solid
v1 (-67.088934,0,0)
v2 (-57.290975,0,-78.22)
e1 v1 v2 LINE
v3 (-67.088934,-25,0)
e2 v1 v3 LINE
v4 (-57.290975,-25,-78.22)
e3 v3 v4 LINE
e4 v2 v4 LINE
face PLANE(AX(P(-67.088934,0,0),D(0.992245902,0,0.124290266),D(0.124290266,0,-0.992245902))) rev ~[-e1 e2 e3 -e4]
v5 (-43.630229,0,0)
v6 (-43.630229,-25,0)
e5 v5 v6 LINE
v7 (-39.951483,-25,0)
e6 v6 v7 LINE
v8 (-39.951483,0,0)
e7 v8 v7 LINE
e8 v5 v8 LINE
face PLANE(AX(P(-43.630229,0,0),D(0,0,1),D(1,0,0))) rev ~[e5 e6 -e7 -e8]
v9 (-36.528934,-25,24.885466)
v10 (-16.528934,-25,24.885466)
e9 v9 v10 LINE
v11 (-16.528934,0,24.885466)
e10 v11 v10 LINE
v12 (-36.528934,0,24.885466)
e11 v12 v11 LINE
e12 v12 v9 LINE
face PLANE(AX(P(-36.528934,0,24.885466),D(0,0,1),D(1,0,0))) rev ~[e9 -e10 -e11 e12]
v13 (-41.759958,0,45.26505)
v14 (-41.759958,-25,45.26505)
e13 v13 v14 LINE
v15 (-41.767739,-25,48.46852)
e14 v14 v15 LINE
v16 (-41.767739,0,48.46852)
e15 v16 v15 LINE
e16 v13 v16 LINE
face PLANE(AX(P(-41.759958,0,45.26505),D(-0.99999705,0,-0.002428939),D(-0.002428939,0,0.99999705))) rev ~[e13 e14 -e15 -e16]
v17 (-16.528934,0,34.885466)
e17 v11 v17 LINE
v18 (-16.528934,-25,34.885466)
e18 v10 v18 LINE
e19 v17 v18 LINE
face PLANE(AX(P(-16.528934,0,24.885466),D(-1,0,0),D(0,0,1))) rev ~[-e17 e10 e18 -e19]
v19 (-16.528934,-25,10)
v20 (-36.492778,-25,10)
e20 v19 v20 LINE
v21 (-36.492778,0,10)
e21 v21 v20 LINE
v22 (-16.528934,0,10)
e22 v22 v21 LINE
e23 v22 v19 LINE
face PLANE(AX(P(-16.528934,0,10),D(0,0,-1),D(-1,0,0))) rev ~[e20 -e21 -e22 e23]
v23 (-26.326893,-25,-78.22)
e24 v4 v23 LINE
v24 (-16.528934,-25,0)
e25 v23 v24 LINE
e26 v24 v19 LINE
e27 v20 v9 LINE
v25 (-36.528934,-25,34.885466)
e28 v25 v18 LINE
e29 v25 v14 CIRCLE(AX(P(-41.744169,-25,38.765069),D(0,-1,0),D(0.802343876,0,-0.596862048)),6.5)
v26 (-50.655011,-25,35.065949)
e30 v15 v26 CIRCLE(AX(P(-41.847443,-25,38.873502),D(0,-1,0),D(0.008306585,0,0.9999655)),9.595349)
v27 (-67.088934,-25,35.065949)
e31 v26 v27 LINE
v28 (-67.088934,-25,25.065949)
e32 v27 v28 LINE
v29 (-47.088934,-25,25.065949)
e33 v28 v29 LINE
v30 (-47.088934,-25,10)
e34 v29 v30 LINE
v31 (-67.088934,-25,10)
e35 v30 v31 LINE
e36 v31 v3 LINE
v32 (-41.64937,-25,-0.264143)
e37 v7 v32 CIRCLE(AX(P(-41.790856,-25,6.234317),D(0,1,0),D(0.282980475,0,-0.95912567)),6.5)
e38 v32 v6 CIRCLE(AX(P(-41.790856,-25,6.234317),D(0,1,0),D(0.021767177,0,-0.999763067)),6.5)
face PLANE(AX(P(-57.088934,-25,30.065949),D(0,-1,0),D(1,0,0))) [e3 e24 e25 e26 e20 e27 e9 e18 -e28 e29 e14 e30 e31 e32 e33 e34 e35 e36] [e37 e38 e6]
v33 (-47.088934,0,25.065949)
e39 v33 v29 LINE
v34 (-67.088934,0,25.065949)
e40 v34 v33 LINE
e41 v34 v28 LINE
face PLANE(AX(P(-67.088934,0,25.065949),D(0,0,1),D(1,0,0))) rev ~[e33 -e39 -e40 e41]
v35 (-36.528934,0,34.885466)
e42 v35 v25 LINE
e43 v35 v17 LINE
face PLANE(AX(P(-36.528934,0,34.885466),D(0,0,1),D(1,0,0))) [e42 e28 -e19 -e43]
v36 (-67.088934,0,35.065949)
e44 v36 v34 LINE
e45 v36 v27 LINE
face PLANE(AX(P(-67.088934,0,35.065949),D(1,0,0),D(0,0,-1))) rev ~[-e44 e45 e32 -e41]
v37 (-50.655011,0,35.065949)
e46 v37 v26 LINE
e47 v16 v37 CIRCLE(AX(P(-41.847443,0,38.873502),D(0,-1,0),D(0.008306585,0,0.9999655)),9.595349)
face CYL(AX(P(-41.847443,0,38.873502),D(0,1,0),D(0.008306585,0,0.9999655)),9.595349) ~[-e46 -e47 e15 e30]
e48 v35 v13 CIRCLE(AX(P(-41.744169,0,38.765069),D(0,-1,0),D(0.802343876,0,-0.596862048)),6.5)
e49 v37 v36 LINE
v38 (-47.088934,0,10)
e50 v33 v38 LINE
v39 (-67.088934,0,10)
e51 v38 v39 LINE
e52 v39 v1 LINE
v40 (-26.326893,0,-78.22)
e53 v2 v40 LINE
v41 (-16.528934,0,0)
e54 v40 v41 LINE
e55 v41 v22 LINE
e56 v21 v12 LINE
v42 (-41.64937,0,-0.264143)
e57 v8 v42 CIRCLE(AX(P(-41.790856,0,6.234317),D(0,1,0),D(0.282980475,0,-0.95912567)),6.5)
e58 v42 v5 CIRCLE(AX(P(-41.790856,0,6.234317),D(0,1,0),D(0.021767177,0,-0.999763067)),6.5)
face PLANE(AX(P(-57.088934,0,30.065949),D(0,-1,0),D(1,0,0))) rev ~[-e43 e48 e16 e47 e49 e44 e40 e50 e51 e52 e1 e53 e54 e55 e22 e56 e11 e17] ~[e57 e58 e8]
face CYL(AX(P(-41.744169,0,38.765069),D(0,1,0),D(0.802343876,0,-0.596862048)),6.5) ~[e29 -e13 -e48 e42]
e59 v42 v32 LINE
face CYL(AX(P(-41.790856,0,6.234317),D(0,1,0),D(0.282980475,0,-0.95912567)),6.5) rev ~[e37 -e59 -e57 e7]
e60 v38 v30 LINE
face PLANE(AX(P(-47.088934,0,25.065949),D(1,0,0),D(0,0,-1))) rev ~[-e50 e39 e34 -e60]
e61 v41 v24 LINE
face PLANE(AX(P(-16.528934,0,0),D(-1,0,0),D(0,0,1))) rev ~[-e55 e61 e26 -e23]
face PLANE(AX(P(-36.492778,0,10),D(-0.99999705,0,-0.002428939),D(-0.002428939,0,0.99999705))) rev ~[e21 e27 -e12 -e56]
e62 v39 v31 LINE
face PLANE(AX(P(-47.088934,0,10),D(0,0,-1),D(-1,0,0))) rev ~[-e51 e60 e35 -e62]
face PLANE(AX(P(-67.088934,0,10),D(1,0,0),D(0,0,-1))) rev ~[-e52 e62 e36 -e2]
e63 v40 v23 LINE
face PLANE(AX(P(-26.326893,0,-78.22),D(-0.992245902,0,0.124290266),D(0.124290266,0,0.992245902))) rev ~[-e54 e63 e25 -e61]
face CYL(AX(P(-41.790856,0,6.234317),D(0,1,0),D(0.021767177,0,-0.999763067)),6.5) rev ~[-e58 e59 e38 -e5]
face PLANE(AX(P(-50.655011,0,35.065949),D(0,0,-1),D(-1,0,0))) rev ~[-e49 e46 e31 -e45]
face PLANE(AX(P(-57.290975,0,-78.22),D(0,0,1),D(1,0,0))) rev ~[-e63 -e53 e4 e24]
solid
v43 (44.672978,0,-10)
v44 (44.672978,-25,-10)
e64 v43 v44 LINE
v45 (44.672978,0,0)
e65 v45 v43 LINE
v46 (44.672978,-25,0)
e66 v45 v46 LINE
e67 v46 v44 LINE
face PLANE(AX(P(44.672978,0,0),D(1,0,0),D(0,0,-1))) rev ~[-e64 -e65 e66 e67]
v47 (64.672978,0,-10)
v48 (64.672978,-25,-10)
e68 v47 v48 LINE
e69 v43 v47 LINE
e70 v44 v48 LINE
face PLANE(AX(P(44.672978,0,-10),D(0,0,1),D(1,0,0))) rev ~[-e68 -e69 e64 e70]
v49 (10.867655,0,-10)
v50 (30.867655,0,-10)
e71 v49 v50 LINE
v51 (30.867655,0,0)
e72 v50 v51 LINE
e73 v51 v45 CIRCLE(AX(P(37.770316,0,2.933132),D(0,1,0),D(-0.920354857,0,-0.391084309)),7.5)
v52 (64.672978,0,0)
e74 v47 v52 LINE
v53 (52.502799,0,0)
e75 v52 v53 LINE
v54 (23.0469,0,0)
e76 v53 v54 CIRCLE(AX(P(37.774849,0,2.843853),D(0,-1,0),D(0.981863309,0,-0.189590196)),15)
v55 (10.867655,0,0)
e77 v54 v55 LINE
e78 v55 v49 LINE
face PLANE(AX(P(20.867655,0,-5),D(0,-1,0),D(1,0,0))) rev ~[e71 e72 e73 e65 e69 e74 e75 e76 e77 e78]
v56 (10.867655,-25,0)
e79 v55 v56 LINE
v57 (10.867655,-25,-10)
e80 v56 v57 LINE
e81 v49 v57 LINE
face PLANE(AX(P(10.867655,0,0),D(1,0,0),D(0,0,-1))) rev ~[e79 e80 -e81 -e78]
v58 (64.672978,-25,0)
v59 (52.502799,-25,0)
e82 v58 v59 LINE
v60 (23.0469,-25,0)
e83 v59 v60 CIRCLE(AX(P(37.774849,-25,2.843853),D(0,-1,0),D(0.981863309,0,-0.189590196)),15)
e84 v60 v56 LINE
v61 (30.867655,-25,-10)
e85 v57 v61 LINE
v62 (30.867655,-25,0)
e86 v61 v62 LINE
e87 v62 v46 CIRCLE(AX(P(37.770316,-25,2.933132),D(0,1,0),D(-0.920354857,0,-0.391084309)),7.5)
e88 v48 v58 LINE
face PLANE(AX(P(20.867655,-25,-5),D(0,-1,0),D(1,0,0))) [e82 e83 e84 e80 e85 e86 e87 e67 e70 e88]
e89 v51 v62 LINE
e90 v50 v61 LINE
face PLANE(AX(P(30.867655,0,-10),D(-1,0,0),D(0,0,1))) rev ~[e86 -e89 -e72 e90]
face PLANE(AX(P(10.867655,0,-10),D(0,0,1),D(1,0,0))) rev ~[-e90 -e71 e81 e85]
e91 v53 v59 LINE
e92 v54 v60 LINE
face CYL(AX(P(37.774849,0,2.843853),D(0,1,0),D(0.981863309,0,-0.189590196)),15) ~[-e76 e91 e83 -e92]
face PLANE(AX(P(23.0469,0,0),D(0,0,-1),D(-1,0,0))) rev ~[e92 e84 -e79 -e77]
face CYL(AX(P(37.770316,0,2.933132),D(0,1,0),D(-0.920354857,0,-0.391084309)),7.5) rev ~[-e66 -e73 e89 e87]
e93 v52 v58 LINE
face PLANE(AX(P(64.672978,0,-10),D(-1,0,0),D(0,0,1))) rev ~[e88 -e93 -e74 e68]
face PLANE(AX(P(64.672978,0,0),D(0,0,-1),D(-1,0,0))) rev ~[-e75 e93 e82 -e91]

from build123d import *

# Parameters (mm, degrees)
F0_W     = 20
F0_H     = 10
F1_DEPTH = 25
F2_DEPTH = 25


with BuildPart() as f1:
    # F0 (on Front) → F1 (new body)
    with BuildSketch(Plane.XZ):
        Polygon((-47.0889342741, 25.065948941), (-47.0889342741, 35.065948941), (-50.6550110877, 35.065948941), (-67.0889342741, 35.065948941), (-67.0889342741, 25.065948941), align=None)
        with BuildLine():
            ThreePointArc((-47.0889342741, 35.065948941), (-47.505184706, 41.7751692334), (-41.7599575708, 45.2650498216))
            Line((-41.7599575708, 45.2650498216), (-41.7677386266, 48.4685200284))
            ThreePointArc((-41.7677386266, 48.4685200284), (-49.8443880857, 44.1762930308), (-50.6550110877, 35.065948941))
            Line((-50.6550110877, 35.065948941), (-47.0889342741, 35.065948941))
        make_face()
        with BuildLine():
            Line((-41.7441694692, 38.7650689958), (-41.7599575708, 45.2650498216))
            ThreePointArc((-41.7599575708, 45.2650498216), (-47.505184706, 41.7751692334), (-47.0889342741, 35.065948941))
            Line((-47.0889342741, 35.065948941), (-47.0889342741, 25.065948941))
            Line((-47.0889342741, 25.065948941), (-41.7106717768, 24.9740278866))
            Line((-41.7106717768, 24.9740278866), (-41.7441694692, 38.7650689958))
        make_face()
        with BuildLine():
            Line((-36.5289342741, 24.8854656836), (-36.5289342741, 34.8854656836))
            ThreePointArc((-36.5289342741, 34.8854656836), (-35.9396450064, 41.6903887665), (-41.7599575708, 45.2650498216))
            Line((-41.7599575708, 45.2650498216), (-41.7441694692, 38.7650689958))
            Line((-41.7441694692, 38.7650689958), (-41.7106717768, 24.9740278866))
            Line((-41.7106717768, 24.9740278866), (-36.5289342741, 24.8854656836))
        make_face()
        with Locations((-26.5289342741, 29.8854656836)):
            Rectangle(F0_W, F0_H)
        with BuildLine():
            Line((-41.6500112147, 0), (-41.6743006735, 10))
            Line((-41.6743006735, 10), (-47.0889342741, 10))
            ThreePointArc((-47.0889342741, 10), (-47.933803617, 4.1096526449), (-43.6302293689, 0))
            Line((-43.6302293689, 0), (-41.6500112147, 0))
        make_face()
        with BuildLine():
            ThreePointArc((-39.9514831888, 0), (-35.6479089408, 4.1096526449), (-36.4927782836, 10))
            Line((-36.4927782836, 10), (-41.6743006735, 10))
            Line((-41.6743006735, 10), (-41.6500112147, 0))
            Line((-41.6500112147, 0), (-39.9514831888, 0))
        make_face()
        Polygon((-41.6743006735, 10), (-41.7106717768, 24.9740278866), (-47.0889342741, 25.065948941), (-47.0889342741, 10), align=None)
        Polygon((-36.4927782836, 10), (-36.5289342741, 24.8854656836), (-41.7106717768, 24.9740278866), (-41.6743006735, 10), align=None)
        with BuildLine():
            Line((-16.5289342741, 10), (-36.4927782836, 10))
            ThreePointArc((-36.4927782836, 10), (-35.6479089408, 4.1096526449), (-39.9514831888, 0))
            Line((-39.9514831888, 0), (-26.3268932452, 0))
            Line((-26.3268932452, 0), (-16.5289342741, 10))
        make_face()
        Polygon((-26.3268932452, -78.22), (-16.5289342741, 0), (-26.3268932452, 0), align=None)
        with BuildLine():
            ThreePointArc((-43.6302293689, 0), (-47.933803617, 4.1096526449), (-47.0889342741, 10))
            Line((-47.0889342741, 10), (-67.0889342741, 10))
            Line((-67.0889342741, 10), (-57.290975303, 0))
            Line((-57.290975303, 0), (-43.6302293689, 0))
        make_face()
        Polygon((-57.290975303, 0), (-67.0889342741, 10), (-67.0889342741, 0), align=None)
        Polygon((-16.5289342741, 0), (-16.5289342741, 10), (-26.3268932452, 0), align=None)
        Polygon((-57.290975303, 0), (-67.0889342741, 0), (-57.290975303, -78.22), align=None)
        with BuildLine():
            Line((-41.6330927772, -6.9653415034), (-41.6493696255, -0.264143081))
            ThreePointArc((-41.6493696255, -0.264143081), (-42.6500113753, -0.2086523777), (-43.6302293689, 0))
            Line((-43.6302293689, 0), (-57.290975303, 0))
            Line((-57.290975303, 0), (-57.290975303, -78.22))
            Line((-57.290975303, -78.22), (-41.6330927772, -78.22))
            Line((-41.6330927772, -78.22), (-41.6330927772, -35.4483425617))
            Line((-41.6330927772, -35.4483425617), (-41.6330927772, -6.9653415034))
        make_face()
        with BuildLine():
            Line((-26.3268932452, 0), (-39.9514831888, 0))
            ThreePointArc((-39.9514831888, 0), (-40.7916594901, -0.1884244437), (-41.6493696255, -0.264143081))
            Line((-41.6493696255, -0.264143081), (-41.6330927772, -6.9653415034))
            Line((-41.6330927772, -6.9653415034), (-41.6330927772, -35.4483425617))
            Line((-41.6330927772, -35.4483425617), (-41.6330927772, -78.22))
            Line((-41.6330927772, -78.22), (-26.3268932452, -78.22))
            Line((-26.3268932452, -78.22), (-26.3268932452, 0))
        make_face()
    extrude(amount=F1_DEPTH)


with BuildPart() as f2:
    # F0 (on Front) → F2 (new body)
    with BuildSketch(Plane.XZ):
        Polygon((30.8676548302, -10), (30.8676548302, 0), (23.0468998015, 0), (10.8676548302, 0), (10.8676548302, -10), align=None)
        with BuildLine():
            ThreePointArc((30.8676548302, 0), (37.7703162591, 10.4331323187), (44.6729776879, 0))
            Line((44.6729776879, 0), (52.5027990743, 0))
            ThreePointArc((52.5027990743, 0), (37.7748494379, 17.8438529333), (23.0468998015, 0))
            Line((23.0468998015, 0), (30.8676548302, 0))
        make_face()
        Polygon((52.5027990743, 0), (44.6729776879, 0), (44.6729776879, -10), (64.6729776879, -10), (64.6729776879, 0), align=None)
    extrude(amount=F2_DEPTH)


solid = Compound([f1.part, f2.part])
